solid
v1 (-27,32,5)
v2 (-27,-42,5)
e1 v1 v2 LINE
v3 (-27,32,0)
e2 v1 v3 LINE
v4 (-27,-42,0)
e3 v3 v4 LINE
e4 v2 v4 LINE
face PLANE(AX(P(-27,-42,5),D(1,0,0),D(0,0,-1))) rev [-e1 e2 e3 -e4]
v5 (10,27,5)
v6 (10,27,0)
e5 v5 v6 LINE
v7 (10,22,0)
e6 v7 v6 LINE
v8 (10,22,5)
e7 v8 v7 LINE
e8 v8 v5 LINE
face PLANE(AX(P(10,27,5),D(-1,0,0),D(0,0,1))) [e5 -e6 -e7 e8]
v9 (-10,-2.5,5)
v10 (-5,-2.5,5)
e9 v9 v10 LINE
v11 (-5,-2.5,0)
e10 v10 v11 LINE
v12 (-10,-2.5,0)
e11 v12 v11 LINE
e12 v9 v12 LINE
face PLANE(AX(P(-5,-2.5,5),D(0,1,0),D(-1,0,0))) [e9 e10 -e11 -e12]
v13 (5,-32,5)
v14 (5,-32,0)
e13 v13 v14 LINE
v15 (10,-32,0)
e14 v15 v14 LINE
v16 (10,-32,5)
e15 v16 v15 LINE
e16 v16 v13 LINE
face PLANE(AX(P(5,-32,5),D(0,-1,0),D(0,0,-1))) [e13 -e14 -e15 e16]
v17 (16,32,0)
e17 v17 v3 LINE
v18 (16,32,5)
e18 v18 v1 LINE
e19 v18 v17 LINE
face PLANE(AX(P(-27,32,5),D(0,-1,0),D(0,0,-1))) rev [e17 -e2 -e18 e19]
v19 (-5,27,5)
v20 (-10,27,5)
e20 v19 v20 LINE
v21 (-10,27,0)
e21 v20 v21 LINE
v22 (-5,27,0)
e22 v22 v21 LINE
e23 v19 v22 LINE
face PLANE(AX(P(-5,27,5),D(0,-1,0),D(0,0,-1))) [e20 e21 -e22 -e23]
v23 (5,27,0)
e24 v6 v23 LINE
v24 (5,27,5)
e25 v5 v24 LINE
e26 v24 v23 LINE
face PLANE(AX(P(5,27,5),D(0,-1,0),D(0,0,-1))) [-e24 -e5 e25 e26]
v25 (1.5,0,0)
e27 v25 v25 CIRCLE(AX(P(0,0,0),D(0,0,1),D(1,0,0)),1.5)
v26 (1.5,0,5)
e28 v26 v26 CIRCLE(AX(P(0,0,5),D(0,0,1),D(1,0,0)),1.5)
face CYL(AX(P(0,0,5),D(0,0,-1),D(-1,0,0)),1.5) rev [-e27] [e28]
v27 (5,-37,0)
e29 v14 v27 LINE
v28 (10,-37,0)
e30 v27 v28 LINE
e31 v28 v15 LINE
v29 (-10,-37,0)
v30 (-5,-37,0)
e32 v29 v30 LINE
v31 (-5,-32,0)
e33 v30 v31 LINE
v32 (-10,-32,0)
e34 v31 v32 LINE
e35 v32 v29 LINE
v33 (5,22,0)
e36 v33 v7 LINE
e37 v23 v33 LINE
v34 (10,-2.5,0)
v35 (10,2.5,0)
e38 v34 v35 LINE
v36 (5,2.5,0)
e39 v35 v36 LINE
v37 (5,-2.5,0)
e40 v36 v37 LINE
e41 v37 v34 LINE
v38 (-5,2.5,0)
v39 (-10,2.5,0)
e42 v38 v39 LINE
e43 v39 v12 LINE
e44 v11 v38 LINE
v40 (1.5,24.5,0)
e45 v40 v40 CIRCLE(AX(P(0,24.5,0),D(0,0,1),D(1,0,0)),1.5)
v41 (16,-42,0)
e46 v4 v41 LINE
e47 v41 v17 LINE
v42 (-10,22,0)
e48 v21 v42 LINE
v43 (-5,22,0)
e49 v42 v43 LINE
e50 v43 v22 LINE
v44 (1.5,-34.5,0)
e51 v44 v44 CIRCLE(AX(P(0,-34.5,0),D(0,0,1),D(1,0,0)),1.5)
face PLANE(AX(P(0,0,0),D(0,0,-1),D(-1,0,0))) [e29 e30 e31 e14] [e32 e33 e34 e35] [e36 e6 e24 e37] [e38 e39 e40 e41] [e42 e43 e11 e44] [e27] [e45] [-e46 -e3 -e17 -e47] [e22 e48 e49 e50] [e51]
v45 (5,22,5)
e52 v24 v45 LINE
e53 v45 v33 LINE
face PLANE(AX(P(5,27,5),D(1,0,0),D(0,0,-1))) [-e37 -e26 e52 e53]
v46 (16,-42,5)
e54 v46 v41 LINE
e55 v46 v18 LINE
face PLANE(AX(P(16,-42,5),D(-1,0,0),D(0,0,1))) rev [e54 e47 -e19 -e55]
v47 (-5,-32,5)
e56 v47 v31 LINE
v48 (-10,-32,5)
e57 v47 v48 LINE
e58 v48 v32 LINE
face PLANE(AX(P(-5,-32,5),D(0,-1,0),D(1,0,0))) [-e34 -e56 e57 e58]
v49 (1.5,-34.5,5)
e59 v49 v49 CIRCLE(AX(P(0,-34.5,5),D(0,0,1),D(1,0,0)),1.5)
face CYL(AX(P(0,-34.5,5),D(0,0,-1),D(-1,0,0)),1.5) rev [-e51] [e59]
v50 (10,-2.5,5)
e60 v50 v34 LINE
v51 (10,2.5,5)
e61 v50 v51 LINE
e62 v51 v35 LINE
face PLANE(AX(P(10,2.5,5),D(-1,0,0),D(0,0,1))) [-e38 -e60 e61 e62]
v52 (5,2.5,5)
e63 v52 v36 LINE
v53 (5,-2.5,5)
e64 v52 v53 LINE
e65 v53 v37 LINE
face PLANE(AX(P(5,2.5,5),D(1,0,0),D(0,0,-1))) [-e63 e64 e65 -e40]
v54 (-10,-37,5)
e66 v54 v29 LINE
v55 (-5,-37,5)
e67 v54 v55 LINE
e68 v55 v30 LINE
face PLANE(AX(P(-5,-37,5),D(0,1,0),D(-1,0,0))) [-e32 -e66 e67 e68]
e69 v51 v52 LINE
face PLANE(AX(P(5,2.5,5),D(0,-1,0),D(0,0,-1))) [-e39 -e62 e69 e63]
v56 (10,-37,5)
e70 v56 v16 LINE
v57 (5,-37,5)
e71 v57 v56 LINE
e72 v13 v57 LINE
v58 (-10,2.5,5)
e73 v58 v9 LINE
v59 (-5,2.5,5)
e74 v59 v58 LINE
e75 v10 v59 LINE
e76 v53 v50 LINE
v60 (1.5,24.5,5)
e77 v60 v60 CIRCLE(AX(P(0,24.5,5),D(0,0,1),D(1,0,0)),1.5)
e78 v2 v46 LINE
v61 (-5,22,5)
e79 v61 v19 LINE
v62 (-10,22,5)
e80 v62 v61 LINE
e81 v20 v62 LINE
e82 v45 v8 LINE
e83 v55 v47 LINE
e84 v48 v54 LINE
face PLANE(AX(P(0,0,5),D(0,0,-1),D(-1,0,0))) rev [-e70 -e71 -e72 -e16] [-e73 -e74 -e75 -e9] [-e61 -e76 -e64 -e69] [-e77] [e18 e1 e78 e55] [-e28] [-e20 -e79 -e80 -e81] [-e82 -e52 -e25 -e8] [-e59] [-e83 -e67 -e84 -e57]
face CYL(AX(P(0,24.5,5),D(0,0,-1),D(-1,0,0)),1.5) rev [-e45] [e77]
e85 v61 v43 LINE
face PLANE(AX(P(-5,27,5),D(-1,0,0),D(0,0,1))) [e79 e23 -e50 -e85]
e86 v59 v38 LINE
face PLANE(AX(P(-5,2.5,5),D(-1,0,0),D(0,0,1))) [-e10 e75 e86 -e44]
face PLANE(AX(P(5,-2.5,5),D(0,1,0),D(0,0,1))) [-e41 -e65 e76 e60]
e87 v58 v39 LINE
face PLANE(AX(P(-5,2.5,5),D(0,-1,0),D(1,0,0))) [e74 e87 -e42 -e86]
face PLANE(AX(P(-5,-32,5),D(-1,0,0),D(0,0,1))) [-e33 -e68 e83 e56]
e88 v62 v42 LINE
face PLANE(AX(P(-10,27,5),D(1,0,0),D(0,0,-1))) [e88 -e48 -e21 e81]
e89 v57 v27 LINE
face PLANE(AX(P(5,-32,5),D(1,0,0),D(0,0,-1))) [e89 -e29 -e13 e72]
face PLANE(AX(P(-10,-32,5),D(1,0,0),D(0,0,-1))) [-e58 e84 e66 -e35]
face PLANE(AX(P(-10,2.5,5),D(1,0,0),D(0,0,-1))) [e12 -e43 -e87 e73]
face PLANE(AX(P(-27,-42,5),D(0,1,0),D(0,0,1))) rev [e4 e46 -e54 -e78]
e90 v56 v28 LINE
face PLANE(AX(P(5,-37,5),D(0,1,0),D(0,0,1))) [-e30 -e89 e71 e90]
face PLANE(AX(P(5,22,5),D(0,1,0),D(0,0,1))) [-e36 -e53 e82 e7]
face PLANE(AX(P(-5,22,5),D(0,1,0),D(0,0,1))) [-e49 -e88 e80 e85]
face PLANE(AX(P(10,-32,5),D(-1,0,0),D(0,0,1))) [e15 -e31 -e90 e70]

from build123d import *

# Parameters (mm, degrees)
SKETCH1_W           = 43
SKETCH1_H           = 74
SKETCH1_R           = 1.5
SKETCH1_W_2         = 5
SKETCH1_H_2         = 5
BOSS_EXTRUDE1_DEPTH = 5


with BuildPart() as part:
    # Sketch1 → Boss-Extrude1 (new body)
    with BuildSketch(Plane.XY):
        with Locations((-5.5, -5)):
            Rectangle(SKETCH1_W, SKETCH1_H)
        Circle(SKETCH1_R, mode=Mode.SUBTRACT)
        with Locations((0, 24.5)):
            Circle(SKETCH1_R, mode=Mode.SUBTRACT)
        with Locations((0, -34.5)):
            Circle(SKETCH1_R, mode=Mode.SUBTRACT)
        with Locations((-7.5, 0)):
            Rectangle(SKETCH1_W_2, SKETCH1_H_2, mode=Mode.SUBTRACT)
        with Locations((7.5, 0)):
            Rectangle(SKETCH1_W_2, SKETCH1_H_2, mode=Mode.SUBTRACT)
        with Locations((-7.5, 24.5)):
            Rectangle(SKETCH1_W_2, SKETCH1_H_2, mode=Mode.SUBTRACT)
        with Locations((7.5, 24.5)):
            Rectangle(SKETCH1_W_2, SKETCH1_H_2, mode=Mode.SUBTRACT)
        with Locations((-7.5, -34.5)):
            Rectangle(SKETCH1_W_2, SKETCH1_H_2, mode=Mode.SUBTRACT)
        with Locations((7.5, -34.5)):
            Rectangle(SKETCH1_W_2, SKETCH1_H_2, mode=Mode.SUBTRACT)
    extrude(amount=BOSS_EXTRUDE1_DEPTH)


solid = part.part
